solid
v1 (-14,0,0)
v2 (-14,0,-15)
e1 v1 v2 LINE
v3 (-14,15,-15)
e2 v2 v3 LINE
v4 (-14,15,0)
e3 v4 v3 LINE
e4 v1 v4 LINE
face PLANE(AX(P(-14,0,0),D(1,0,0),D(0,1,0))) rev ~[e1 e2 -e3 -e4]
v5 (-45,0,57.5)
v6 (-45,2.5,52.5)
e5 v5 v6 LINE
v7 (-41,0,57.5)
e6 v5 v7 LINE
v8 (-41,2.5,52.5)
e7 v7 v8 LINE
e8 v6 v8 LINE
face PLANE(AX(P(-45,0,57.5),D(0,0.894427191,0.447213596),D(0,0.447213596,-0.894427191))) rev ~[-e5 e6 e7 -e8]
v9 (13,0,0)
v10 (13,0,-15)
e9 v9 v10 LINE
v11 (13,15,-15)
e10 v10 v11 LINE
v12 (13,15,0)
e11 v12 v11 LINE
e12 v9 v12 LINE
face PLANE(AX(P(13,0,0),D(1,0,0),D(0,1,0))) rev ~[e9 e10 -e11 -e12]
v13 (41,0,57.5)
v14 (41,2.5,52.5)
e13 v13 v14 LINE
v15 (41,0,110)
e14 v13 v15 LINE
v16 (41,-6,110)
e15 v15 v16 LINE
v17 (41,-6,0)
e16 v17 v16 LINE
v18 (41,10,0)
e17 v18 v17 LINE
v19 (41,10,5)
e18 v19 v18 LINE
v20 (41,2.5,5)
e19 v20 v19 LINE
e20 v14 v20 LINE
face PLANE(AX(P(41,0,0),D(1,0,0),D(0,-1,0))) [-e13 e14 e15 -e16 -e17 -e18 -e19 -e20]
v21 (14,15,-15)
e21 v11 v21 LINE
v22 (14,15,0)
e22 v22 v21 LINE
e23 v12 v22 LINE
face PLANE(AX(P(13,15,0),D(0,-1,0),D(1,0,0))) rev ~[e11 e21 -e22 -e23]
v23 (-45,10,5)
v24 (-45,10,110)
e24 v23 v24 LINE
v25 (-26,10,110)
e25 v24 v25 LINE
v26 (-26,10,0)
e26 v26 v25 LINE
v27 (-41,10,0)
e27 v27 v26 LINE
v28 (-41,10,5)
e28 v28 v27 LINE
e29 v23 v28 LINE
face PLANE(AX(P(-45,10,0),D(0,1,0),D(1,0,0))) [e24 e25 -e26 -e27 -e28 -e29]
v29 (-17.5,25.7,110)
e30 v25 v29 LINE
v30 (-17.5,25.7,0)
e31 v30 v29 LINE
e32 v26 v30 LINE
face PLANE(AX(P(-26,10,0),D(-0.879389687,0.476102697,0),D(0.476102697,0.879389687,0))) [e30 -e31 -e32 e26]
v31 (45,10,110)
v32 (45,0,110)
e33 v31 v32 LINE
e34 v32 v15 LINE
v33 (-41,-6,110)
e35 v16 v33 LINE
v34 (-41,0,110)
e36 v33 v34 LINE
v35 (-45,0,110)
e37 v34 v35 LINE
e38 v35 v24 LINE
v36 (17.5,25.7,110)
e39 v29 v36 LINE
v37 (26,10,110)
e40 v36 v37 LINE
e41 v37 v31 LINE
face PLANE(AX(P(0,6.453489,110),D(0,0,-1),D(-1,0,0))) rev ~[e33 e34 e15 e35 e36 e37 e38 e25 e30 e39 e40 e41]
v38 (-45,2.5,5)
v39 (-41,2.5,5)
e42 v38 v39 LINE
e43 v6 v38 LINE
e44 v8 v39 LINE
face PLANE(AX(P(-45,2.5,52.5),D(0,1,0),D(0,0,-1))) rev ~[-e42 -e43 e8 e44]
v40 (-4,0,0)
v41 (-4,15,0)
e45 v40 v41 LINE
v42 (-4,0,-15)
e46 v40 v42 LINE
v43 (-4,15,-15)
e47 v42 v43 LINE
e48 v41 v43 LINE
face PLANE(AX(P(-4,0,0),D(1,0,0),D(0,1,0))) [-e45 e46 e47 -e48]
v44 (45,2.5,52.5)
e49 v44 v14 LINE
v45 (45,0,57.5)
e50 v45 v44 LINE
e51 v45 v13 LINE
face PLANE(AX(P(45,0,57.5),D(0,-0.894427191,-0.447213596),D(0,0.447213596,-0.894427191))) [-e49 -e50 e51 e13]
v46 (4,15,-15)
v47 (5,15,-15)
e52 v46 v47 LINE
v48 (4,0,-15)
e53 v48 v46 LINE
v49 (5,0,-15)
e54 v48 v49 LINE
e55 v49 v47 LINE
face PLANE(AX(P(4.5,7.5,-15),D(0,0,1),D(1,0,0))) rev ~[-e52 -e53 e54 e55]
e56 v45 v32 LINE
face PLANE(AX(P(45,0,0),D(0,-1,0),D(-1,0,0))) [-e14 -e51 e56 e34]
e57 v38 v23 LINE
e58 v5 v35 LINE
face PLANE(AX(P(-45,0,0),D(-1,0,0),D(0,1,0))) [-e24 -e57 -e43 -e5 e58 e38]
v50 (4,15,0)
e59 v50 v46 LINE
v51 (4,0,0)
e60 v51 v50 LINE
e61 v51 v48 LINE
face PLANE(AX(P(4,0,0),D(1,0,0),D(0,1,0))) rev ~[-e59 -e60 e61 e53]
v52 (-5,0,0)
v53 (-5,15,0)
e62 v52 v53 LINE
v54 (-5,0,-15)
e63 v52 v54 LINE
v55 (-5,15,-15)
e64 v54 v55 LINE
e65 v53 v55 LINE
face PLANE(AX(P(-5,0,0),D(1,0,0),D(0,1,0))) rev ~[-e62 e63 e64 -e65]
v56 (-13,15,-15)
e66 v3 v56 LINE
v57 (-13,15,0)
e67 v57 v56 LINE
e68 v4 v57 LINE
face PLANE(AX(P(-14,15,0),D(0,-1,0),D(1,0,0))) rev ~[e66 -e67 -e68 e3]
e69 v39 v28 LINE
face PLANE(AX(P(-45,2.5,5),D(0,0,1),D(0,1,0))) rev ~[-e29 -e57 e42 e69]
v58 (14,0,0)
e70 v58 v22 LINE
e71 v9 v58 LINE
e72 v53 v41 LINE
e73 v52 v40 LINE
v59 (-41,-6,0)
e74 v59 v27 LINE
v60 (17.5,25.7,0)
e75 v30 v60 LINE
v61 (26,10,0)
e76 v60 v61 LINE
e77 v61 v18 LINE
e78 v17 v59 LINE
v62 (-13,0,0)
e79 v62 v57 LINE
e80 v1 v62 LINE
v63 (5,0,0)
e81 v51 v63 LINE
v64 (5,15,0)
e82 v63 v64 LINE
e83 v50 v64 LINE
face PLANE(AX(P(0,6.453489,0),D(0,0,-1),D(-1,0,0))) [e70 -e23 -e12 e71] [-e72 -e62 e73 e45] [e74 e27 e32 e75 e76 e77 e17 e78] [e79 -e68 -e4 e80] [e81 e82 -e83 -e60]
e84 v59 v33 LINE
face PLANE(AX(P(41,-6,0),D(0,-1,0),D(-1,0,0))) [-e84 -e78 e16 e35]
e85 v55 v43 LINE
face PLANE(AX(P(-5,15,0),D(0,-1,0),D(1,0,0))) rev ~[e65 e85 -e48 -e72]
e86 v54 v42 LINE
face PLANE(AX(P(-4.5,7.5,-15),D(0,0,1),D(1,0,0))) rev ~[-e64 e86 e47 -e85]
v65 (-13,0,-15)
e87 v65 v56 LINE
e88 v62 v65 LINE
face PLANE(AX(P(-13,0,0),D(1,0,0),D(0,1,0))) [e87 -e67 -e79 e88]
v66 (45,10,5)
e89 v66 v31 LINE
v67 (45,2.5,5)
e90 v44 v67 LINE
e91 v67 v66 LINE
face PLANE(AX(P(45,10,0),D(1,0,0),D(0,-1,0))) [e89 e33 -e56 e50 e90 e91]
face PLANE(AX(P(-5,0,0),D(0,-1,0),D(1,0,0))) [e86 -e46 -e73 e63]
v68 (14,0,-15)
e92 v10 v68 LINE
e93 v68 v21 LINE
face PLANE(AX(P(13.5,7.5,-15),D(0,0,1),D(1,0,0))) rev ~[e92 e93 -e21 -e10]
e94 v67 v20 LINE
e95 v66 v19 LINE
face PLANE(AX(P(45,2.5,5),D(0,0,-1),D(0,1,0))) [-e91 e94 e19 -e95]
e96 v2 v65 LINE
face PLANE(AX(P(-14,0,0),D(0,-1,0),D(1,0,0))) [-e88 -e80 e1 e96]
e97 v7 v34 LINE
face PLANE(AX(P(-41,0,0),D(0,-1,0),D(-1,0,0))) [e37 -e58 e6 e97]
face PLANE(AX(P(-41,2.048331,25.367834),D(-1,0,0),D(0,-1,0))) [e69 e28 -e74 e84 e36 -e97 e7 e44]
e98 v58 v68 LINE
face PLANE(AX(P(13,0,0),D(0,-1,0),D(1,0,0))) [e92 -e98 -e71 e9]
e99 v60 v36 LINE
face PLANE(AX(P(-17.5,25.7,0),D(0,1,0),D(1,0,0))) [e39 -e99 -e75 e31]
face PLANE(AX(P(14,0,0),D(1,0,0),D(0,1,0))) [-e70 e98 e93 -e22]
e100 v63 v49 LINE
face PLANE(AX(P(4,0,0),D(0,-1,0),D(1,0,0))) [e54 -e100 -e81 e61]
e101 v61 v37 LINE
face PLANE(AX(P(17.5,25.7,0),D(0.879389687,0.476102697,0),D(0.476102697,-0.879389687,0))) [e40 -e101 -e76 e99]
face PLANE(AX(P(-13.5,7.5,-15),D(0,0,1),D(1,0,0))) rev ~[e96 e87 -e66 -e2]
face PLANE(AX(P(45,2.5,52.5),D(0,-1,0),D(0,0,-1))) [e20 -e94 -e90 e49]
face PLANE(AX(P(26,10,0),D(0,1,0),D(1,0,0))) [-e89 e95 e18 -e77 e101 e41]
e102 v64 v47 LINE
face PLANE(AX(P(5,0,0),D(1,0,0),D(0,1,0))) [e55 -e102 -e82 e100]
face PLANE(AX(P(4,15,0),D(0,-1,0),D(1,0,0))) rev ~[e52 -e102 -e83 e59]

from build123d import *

# Parameters (mm, degrees)
PAD_DEPTH       = 110
POCKET_DEPTH    = 4
POCKET002_DEPTH = 4
SKETCH003_W     = 1
SKETCH003_H     = 15
PAD001_DEPTH    = 15


with BuildPart() as part:
    # Sketch → Pad (new body)
    with BuildSketch(Plane.XY):
        Polygon((-17.5, 25.7), (17.5, 25.7), (26, 10), (45, 10), (45, 0), (41, 0), (41, -6), (-41, -6), (-41, 0), (-45, 0), (-45, 10), (-26, 10), align=None)
    extrude(amount=PAD_DEPTH)

    # Sketch001 → Pocket (cut)
    with BuildSketch(Plane.YZ.offset(-45)):
        Polygon((2.5, 5), (10, 5), (10, 0), (0, 0), (0, 57.5), (2.5, 52.5), align=None)
    extrude(amount=POCKET_DEPTH, mode=Mode.SUBTRACT)

    # Sketch002 → Pocket002 (cut)
    with BuildSketch(Plane.YZ.offset(45)):
        Polygon((2.5, 5), (10, 5), (10, 0), (0, 0), (0, 57.5), (2.5, 52.5), align=None)
    extrude(amount=-POCKET002_DEPTH, mode=Mode.SUBTRACT)

    # Sketch003 → Pad001 (join)
    with BuildSketch(Plane.XY):
        with Locations((-13.5, 7.5)):
            Rectangle(SKETCH003_W, SKETCH003_H)
        with Locations((-4.5, 7.5)):
            Rectangle(SKETCH003_W, SKETCH003_H)
        with Locations((4.5, 7.5)):
            Rectangle(SKETCH003_W, SKETCH003_H)
        with Locations((13.5, 7.5)):
            Rectangle(SKETCH003_W, SKETCH003_H)
    extrude(amount=-PAD001_DEPTH)


solid = part.part
